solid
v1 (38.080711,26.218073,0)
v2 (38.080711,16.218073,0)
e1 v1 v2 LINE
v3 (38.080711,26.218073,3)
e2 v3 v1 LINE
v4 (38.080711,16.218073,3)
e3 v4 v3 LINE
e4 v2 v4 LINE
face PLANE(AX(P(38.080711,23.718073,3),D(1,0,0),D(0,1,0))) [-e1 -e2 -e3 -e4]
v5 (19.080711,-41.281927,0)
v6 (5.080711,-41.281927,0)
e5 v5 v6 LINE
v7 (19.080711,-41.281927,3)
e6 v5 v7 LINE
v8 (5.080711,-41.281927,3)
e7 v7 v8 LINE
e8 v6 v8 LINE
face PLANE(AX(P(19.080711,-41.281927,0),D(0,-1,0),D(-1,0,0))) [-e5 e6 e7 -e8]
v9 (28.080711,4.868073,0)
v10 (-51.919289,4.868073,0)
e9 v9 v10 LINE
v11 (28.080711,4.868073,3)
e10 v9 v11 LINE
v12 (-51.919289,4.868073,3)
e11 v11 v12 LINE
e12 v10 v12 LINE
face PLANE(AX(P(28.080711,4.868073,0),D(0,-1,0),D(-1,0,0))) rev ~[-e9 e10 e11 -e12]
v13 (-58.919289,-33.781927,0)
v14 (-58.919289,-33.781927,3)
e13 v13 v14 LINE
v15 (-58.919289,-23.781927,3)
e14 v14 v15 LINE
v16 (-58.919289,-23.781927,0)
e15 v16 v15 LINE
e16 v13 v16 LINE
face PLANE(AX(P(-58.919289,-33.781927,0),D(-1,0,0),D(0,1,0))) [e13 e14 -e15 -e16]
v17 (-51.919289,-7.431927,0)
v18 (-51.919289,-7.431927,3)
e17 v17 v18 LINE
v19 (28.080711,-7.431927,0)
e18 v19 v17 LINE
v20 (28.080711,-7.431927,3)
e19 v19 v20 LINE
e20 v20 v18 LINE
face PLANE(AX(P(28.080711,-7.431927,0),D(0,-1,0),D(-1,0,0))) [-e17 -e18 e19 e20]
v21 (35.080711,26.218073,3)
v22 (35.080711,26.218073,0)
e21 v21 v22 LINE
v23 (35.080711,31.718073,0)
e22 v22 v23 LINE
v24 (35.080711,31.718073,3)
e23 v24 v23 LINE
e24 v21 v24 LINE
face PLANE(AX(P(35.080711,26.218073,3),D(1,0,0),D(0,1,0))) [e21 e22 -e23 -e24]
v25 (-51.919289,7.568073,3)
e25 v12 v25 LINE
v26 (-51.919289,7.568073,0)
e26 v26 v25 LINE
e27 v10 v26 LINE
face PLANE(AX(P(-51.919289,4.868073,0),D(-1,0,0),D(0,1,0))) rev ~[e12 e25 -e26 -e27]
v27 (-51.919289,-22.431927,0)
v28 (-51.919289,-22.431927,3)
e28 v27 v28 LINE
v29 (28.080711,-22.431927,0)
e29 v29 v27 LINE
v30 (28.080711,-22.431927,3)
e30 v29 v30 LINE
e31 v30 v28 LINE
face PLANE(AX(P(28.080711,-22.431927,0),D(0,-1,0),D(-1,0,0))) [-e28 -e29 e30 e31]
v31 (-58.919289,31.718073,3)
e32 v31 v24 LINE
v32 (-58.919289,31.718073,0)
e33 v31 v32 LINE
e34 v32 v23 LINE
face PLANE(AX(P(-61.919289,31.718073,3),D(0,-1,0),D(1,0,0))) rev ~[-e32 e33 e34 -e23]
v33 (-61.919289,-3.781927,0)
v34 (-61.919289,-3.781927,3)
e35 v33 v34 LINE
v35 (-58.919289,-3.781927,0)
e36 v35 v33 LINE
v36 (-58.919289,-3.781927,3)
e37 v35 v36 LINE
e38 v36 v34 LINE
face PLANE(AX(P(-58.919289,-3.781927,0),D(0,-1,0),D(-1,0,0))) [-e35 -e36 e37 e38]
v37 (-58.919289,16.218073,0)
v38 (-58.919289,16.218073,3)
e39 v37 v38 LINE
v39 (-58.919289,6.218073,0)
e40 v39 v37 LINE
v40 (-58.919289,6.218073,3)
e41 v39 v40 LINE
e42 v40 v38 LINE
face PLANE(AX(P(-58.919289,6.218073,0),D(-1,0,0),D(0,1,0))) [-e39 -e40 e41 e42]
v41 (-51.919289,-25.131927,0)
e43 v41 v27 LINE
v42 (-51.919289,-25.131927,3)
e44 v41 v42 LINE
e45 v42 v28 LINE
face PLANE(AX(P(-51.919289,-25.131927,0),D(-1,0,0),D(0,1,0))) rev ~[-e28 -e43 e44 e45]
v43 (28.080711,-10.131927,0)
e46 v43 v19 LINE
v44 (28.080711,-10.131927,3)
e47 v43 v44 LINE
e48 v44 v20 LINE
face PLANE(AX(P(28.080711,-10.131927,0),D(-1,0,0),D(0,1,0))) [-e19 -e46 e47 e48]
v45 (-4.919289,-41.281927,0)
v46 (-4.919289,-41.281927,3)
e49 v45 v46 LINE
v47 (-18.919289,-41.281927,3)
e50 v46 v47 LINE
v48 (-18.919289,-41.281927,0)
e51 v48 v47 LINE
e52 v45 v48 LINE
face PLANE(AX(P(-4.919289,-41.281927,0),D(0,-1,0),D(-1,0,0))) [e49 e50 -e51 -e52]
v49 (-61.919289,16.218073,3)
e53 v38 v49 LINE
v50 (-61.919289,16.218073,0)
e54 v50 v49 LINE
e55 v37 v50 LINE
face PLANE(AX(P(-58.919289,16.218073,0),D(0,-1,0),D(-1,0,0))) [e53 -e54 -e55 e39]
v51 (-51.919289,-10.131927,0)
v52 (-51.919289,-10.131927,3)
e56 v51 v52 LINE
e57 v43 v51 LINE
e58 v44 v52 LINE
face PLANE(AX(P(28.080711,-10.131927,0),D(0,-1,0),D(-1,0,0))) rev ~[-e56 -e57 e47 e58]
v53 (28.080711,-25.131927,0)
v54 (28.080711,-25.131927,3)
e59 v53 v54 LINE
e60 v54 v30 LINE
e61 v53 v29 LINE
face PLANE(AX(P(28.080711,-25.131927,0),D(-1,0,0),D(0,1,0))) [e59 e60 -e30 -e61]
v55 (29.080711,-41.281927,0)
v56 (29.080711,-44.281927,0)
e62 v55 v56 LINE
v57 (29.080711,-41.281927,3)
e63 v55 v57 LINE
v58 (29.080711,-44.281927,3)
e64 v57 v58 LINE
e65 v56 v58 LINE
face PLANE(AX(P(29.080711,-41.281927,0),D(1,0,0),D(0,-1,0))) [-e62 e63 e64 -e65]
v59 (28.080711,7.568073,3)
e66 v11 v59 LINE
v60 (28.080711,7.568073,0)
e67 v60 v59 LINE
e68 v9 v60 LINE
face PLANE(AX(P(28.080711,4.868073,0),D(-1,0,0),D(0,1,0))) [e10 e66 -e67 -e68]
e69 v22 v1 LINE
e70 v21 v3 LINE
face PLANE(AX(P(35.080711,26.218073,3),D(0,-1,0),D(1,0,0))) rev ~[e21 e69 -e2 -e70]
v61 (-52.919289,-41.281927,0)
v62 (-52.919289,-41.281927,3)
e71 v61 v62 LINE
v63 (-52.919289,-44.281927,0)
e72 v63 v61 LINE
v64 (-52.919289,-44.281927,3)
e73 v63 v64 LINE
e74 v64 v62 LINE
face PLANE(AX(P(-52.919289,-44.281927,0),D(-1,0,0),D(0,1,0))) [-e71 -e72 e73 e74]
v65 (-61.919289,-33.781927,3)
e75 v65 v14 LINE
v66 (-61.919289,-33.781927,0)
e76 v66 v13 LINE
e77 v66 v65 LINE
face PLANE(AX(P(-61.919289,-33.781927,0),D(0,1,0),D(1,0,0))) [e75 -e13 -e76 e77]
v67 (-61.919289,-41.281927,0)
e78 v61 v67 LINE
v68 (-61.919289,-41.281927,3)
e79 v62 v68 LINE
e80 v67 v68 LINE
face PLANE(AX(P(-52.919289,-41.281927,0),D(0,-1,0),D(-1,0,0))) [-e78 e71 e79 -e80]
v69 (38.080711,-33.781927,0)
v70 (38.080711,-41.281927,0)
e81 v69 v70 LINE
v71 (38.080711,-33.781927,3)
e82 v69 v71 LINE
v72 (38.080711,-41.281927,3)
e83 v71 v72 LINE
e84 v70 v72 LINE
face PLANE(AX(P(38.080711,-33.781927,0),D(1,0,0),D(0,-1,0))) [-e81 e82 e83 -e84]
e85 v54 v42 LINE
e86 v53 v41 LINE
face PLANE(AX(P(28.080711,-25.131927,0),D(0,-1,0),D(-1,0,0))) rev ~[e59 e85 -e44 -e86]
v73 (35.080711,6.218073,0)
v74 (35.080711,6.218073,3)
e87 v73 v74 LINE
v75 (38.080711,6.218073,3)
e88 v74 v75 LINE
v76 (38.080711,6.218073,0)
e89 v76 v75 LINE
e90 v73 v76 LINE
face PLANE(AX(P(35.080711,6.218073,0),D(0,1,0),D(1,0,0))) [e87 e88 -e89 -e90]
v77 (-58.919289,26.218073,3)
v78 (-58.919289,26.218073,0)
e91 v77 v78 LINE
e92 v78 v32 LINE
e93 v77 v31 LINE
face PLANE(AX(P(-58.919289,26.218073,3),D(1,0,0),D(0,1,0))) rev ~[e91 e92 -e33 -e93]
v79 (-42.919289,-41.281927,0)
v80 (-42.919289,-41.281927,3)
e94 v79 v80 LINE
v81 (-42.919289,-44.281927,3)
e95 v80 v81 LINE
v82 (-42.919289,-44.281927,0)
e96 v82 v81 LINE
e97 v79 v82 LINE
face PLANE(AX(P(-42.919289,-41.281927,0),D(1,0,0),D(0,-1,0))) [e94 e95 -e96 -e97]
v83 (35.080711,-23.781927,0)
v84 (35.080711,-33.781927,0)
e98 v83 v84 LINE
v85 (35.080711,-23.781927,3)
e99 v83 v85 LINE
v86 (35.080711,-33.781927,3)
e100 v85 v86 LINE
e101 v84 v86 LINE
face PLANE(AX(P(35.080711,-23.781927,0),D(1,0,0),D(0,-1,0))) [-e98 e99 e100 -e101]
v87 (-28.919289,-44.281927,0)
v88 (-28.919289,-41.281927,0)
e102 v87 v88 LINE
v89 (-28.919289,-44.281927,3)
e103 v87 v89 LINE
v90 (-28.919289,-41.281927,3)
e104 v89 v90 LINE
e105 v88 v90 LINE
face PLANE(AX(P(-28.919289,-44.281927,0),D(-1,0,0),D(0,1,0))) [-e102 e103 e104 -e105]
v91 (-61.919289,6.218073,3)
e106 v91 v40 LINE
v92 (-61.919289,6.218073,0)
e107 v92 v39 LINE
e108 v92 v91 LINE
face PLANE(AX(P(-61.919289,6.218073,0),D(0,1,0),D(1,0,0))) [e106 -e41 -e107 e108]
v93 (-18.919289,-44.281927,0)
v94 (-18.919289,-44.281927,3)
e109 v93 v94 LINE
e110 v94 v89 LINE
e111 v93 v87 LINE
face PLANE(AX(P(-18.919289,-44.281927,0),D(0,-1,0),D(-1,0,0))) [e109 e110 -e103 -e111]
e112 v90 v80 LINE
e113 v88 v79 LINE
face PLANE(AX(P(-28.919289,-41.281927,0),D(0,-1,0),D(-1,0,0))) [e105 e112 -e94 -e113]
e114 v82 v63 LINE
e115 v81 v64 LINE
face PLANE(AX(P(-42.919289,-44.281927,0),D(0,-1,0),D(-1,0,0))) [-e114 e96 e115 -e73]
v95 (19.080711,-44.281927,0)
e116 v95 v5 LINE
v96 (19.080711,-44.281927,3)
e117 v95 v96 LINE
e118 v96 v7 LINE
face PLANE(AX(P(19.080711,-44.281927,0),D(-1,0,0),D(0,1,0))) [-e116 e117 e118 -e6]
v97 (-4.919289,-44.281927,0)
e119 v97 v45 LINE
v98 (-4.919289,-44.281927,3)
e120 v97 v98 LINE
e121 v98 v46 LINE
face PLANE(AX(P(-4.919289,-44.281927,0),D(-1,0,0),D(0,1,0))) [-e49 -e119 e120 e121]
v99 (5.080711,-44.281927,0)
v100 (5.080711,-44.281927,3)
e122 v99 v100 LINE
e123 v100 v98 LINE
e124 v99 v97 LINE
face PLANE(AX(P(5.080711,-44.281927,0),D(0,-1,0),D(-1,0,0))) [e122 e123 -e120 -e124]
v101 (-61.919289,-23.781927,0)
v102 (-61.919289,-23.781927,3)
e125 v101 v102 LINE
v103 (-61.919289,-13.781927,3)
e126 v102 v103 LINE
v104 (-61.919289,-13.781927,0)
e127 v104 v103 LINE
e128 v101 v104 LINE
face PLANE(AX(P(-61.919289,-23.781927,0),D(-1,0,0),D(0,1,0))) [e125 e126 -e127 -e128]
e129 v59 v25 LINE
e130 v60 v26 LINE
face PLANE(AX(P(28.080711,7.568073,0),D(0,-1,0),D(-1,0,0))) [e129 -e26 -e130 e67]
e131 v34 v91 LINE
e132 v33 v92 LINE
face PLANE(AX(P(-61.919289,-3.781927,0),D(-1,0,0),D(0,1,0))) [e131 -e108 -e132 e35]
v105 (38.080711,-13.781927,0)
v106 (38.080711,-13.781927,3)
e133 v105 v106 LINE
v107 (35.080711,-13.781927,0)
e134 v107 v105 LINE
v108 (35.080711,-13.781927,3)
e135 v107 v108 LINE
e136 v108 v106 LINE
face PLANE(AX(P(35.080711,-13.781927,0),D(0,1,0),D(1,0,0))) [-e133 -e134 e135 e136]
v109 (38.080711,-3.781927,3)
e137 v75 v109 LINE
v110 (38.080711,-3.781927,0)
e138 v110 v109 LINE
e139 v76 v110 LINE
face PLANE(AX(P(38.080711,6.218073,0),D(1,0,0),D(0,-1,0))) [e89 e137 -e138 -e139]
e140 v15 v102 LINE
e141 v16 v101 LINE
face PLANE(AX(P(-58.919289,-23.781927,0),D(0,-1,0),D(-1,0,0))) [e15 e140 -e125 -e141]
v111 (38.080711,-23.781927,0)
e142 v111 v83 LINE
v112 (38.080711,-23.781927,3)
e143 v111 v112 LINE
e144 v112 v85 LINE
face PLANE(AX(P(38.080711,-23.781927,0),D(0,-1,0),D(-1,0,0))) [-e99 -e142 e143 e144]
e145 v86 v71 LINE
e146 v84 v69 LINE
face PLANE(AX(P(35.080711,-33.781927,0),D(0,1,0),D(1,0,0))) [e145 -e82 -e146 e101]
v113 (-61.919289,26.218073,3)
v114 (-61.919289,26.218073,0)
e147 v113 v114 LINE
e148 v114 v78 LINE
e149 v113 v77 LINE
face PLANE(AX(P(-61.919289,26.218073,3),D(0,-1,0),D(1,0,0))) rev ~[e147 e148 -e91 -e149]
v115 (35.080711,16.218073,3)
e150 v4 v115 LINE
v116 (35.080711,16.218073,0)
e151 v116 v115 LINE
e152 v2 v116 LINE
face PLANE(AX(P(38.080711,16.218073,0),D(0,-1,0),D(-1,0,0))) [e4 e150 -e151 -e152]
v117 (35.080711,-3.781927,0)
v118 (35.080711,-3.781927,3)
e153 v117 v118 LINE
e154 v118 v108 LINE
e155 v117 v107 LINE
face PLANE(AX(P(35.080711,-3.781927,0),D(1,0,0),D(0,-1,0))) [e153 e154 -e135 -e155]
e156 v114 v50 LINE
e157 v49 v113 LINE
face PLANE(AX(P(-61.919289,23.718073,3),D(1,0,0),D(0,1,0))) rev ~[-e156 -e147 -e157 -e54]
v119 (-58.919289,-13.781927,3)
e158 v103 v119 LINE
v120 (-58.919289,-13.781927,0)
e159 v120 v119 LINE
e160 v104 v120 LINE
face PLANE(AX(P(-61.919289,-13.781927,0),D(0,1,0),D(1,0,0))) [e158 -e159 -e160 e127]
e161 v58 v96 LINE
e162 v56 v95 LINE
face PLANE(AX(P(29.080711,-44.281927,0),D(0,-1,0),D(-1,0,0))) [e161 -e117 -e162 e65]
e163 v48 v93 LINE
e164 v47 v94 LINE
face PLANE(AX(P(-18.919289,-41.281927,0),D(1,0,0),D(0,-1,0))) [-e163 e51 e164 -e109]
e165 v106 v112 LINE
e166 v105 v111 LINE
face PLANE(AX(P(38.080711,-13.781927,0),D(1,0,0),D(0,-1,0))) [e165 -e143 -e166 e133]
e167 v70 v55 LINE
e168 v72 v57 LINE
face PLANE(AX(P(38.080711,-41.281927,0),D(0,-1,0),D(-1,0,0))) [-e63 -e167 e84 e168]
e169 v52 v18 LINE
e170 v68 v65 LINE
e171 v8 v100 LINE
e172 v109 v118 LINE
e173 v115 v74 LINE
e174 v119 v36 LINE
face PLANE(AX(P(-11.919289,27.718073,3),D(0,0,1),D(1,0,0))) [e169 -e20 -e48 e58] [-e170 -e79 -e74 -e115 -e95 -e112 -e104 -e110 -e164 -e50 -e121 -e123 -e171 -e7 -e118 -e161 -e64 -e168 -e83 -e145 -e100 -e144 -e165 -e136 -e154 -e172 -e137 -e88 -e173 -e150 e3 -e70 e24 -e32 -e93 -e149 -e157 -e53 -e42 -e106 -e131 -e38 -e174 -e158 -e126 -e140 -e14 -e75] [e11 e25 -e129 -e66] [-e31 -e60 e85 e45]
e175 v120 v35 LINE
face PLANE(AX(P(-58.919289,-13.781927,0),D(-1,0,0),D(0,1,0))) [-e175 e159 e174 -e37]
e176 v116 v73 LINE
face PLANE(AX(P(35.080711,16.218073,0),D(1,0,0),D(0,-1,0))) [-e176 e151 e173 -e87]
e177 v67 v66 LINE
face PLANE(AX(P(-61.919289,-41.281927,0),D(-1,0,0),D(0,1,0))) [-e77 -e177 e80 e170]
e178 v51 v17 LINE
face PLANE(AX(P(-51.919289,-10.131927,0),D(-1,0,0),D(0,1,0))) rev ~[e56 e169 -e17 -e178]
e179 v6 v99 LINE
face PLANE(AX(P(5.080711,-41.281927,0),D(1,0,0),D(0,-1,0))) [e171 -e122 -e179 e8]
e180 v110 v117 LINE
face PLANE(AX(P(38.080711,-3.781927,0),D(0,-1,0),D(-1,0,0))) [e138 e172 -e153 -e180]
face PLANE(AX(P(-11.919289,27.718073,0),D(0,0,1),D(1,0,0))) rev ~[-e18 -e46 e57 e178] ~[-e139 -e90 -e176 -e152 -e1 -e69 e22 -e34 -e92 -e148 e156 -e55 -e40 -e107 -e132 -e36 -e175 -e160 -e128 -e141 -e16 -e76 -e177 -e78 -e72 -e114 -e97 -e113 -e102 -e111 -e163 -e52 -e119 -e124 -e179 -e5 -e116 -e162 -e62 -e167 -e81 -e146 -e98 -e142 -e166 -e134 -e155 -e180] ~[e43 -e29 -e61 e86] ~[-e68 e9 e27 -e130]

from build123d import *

# Parameters (mm, degrees)
EXTRUDE_1_DEPTH     = 3
SKETCH_2_W          = 80
SKETCH_2_H          = 2.7
CUT_EXTRUDE_1_DEPTH = 3
SKETCH_3_W          = 100
SKETCH_3_H          = 8
EXTRUDE_3_DEPTH     = 3
SKETCH_4_W          = 3
SKETCH_4_H          = 5.5
CUT_EXTRUDE_2_DEPTH = 3


with BuildPart() as part:
    # 草圖1 → 填料-伸長1 (new body)
    with BuildSketch(Plane.XY):
        Polygon((-61.919288793, 23.718072979), (-52.919288793, 23.718072979), (-52.919288793, 26.718072979), (-42.919288793, 26.718072979), (-42.919288793, 23.718072979), (-28.919288793, 23.718072979), (-28.919288793, 26.718072979), (-18.919288793, 26.718072979), (-18.919288793, 23.718072979), (-4.919288793, 23.718072979), (-4.919288793, 26.718072979), (5.080711207, 26.718072979), (5.080711207, 23.718072979), (19.080711207, 23.718072979), (19.080711207, 26.718072979), (29.080711207, 26.718072979), (29.080711207, 23.718072979), (38.080711207, 23.718072979), (38.080711207, 16.218072979), (35.080711207, 16.218072979), (35.080711207, 6.218072979), (38.080711207, 6.218072979), (38.080711207, -3.781927021), (35.080711207, -3.781927021), (35.080711207, -13.781927021), (38.080711207, -13.781927021), (38.080711207, -23.781927021), (35.080711207, -23.781927021), (35.080711207, -33.781927021), (38.080711207, -33.781927021), (38.080711207, -41.281927021), (29.080711207, -41.281927021), (29.080711207, -44.281927021), (19.080711207, -44.281927021), (19.080711207, -41.281927021), (5.080711207, -41.281927021), (5.080711207, -44.281927021), (-4.919288793, -44.281927021), (-4.919288793, -41.281927021), (-18.919288793, -41.281927021), (-18.919288793, -44.281927021), (-28.919288793, -44.281927021), (-28.919288793, -41.281927021), (-42.919288793, -41.281927021), (-42.919288793, -44.281927021), (-52.919288793, -44.281927021), (-52.919288793, -41.281927021), (-61.919288793, -41.281927021), (-61.919288793, -33.781927021), (-58.919288793, -33.781927021), (-58.919288793, -23.781927021), (-61.919288793, -23.781927021), (-61.919288793, -13.781927021), (-58.919288793, -13.781927021), (-58.919288793, -3.781927021), (-61.919288793, -3.781927021), (-61.919288793, 6.218072979), (-58.919288793, 6.218072979), (-58.919288793, 16.218072979), (-61.919288793, 16.218072979), align=None)
    extrude(amount=EXTRUDE_1_DEPTH)

    # 草圖2 → 除料-伸長1 (cut)
    with BuildSketch(Plane(origin=(0, 0, 0), x_dir=(-1, 0, 0), z_dir=(0, 0, -1))):
        with Locations((11.919288793, -8.781927021)):
            Rectangle(SKETCH_2_W, SKETCH_2_H)
        with Locations((11.919288793, 6.218072979)):
            Rectangle(SKETCH_2_W, SKETCH_2_H)
        with Locations((11.919288793, -23.781927021)):
            Rectangle(SKETCH_2_W, SKETCH_2_H)
    extrude(amount=-CUT_EXTRUDE_1_DEPTH, mode=Mode.SUBTRACT)

    # 草圖3 → 填料-伸長3 (add)
    with BuildSketch(Plane.XY.offset(3)):
        with Locations((-11.919288793, 27.718072979)):
            Rectangle(SKETCH_3_W, SKETCH_3_H)
    extrude(amount=-EXTRUDE_3_DEPTH)

    # 草圖4 → 除料-伸長2 (cut)
    with BuildSketch(Plane.XY.offset(3)):
        with Locations((36.580711207, 28.968072979)):
            Rectangle(SKETCH_4_W, SKETCH_4_H)
        with Locations((-60.419288793, 28.968072979)):
            Rectangle(SKETCH_4_W, SKETCH_4_H)
    extrude(amount=-CUT_EXTRUDE_2_DEPTH, mode=Mode.SUBTRACT)


solid = part.part
